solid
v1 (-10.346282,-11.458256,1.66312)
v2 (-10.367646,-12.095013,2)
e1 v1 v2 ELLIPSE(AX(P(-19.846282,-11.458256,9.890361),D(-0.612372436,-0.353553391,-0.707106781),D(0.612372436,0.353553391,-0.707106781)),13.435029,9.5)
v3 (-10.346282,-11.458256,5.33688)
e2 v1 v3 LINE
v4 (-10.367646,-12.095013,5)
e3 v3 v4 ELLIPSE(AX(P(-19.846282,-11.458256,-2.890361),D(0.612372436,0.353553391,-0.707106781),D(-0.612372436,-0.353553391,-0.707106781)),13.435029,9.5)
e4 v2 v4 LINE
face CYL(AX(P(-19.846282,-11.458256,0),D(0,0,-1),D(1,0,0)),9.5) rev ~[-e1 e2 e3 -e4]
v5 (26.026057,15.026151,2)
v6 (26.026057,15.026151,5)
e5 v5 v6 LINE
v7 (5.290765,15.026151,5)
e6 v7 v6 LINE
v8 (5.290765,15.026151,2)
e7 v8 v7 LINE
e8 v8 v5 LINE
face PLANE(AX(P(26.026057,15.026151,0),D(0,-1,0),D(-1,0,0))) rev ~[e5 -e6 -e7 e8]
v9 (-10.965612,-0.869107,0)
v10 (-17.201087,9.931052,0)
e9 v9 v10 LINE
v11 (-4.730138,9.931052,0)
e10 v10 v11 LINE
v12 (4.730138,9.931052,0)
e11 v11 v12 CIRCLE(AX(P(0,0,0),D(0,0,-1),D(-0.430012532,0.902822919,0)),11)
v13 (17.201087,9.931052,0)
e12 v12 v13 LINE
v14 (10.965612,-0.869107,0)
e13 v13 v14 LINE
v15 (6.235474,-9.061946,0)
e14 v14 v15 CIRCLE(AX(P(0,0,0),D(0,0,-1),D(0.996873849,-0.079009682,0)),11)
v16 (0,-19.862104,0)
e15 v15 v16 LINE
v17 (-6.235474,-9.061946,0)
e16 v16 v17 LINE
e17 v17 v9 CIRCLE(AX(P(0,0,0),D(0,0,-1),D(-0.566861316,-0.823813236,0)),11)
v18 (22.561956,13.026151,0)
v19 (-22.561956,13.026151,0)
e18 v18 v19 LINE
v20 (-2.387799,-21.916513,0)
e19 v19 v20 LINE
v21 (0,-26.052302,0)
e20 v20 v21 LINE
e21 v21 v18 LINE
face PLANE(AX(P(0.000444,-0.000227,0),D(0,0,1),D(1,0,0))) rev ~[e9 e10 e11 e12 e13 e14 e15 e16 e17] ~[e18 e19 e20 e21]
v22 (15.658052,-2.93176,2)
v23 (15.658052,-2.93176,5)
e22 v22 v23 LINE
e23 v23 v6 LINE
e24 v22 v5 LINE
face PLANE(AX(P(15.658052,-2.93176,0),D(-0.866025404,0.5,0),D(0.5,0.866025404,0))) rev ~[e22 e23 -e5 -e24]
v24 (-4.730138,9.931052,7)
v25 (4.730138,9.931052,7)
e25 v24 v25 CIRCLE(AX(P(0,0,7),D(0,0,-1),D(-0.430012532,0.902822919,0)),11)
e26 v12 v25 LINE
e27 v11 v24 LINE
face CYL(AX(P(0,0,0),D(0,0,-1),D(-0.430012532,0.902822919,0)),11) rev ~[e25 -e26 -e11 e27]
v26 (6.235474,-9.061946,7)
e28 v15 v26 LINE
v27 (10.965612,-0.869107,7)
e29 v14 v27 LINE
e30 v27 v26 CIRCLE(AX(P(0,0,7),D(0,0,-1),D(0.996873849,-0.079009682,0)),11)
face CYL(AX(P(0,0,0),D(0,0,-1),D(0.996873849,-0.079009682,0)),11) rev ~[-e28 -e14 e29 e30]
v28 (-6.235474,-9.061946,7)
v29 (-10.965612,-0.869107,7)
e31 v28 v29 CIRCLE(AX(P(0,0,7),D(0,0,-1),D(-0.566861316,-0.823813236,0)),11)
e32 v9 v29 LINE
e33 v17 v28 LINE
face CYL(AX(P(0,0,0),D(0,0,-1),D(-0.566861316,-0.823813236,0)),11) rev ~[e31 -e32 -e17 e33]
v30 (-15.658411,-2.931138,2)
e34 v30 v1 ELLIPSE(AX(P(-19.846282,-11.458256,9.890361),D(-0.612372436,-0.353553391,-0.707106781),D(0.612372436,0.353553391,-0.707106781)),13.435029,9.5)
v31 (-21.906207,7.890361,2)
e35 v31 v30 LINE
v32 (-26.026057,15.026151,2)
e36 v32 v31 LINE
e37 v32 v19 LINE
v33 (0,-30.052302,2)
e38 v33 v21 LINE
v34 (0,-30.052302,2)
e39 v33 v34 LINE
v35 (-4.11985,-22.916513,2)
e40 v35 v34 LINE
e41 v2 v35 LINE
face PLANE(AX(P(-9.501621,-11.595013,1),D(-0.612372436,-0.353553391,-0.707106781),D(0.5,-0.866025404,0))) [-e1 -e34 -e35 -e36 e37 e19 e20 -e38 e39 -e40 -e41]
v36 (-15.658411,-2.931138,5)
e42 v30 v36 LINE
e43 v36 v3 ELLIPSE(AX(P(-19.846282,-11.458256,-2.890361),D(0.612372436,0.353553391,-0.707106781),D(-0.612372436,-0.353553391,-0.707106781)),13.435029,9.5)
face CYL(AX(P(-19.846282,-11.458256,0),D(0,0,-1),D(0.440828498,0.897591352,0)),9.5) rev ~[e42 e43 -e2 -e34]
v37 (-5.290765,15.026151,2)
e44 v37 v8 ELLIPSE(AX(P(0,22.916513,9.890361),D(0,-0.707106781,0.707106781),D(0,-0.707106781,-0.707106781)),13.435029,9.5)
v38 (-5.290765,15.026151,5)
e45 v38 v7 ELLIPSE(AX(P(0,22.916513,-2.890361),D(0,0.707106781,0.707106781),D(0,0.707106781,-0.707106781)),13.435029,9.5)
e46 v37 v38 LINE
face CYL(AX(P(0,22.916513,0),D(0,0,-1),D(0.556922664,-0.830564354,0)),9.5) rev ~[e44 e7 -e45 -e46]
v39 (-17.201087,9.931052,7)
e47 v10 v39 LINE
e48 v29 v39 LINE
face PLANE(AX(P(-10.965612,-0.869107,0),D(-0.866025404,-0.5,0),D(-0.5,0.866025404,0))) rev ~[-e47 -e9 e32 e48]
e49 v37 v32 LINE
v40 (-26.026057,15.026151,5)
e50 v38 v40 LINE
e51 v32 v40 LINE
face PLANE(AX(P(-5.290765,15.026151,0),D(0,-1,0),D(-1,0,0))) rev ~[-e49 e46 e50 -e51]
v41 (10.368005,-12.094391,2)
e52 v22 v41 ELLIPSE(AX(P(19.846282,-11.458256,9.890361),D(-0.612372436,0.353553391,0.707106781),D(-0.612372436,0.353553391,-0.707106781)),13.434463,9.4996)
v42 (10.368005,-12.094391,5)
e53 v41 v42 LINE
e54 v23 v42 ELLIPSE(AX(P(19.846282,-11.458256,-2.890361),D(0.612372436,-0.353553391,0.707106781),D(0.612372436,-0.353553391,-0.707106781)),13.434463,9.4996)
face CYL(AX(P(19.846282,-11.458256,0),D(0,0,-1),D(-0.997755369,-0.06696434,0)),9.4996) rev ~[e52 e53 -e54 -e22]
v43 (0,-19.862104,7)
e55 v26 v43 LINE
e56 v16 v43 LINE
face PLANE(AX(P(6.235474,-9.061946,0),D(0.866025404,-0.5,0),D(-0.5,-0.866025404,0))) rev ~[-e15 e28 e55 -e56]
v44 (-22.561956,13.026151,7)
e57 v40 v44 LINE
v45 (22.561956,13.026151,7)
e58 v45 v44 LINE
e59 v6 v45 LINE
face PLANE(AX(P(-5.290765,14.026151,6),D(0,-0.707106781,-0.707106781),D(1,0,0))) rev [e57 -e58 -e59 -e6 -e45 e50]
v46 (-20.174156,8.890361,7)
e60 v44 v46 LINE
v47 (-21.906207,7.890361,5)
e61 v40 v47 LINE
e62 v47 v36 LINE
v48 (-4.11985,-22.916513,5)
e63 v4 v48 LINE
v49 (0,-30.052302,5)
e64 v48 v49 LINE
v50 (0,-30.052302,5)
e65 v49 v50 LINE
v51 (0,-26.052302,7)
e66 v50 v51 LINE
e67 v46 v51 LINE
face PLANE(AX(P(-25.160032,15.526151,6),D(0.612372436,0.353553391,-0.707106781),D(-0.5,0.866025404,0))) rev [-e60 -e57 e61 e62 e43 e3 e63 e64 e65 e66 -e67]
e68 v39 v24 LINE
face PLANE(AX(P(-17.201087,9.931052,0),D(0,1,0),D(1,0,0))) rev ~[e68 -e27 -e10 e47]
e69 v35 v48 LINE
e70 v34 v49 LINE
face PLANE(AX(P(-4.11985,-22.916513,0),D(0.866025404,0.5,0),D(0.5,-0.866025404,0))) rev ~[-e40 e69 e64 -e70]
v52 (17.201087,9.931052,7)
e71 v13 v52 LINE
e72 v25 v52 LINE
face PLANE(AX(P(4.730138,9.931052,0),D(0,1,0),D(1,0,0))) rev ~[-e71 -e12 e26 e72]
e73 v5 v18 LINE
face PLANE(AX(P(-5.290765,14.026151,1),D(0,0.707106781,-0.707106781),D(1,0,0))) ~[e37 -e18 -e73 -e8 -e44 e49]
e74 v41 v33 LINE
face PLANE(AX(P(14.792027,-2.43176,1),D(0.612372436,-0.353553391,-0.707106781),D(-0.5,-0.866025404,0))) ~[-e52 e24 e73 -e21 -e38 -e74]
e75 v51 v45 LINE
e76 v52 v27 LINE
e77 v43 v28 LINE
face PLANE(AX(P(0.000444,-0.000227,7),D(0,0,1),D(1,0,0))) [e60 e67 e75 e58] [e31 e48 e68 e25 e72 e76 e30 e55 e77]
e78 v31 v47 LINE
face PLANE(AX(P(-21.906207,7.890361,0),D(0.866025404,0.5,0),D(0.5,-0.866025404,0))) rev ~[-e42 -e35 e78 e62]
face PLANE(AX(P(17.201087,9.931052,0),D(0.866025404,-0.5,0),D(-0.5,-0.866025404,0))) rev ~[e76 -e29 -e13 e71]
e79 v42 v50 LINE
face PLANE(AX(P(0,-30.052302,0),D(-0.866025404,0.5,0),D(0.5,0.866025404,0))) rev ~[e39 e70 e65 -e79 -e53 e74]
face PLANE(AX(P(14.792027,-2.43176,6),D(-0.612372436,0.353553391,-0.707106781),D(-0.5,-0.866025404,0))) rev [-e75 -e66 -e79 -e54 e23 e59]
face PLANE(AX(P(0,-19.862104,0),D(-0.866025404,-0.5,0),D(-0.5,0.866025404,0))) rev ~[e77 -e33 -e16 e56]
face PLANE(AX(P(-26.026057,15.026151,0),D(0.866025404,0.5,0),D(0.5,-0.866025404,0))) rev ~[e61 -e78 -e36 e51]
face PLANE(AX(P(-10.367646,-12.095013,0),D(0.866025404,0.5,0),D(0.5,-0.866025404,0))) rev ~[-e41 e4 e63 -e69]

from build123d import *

# Parameters (mm, degrees)
F1_DEPTH = 7
F2_SIZE  = 2


with BuildPart() as f1:
    # F0 (on Top) → F1 (new body)
    with BuildSketch(Plane.XY):
        with BuildLine():
            Line((-5.2907653123, 15.0261512026), (-17.7863569535, 15.0261512026))
            Line((-17.7863569535, 15.0261512026), (-21.9062071393, 7.8903613612))
            Line((-21.9062071393, 7.8903613612), (-15.6584113187, -2.9311384354))
            ThreePointArc((-15.6584113187, -2.9311384354), (-11.782946139, -6.4350487366), (-10.3462820464, -11.4582562819))
            ThreePointArc((-10.3462820464, -11.4582562819), (-10.3516245386, -11.7768136709), (-10.3676460064, -12.0950127672))
            Line((-10.3676460064, -12.0950127672), (-4.1198501858, -22.9165125638))
            Line((-4.1198501858, -22.9165125638), (4.1198501858, -22.9165125638))
            Line((4.1198501858, -22.9165125638), (10.3680051395, -12.0943907304))
            ThreePointArc((10.3680051395, -12.0943907304), (11.6193871206, -6.7084562819), (15.6580521856, -2.9317604722))
            Line((15.6580521856, -2.9317604722), (21.9062071393, 7.8903613612))
            Line((21.9062071393, 7.8903613612), (17.7863569535, 15.0261512026))
            Line((17.7863569535, 15.0261512026), (5.2907653123, 15.0261512026))
            ThreePointArc((5.2907653123, 15.0261512026), (0, 13.4165125638), (-5.2907653123, 15.0261512026))
        make_face()
        with BuildLine():
            ThreePointArc((-4.7301378537, 9.9310521036), (0, 11), (4.7301378537, 9.9310521036))
            Line((4.7301378537, 9.9310521036), (17.2010868161, 9.9310521036))
            Line((17.2010868161, 9.9310521036), (10.9656123349, -0.8691065071))
            ThreePointArc((10.9656123349, -0.8691065071), (9.5262794416, -5.5), (6.2354744812, -9.0619455965))
            Line((6.2354744812, -9.0619455965), (0, -19.8621042073))
            Line((0, -19.8621042073), (-6.2354744812, -9.0619455965))
            ThreePointArc((-6.2354744812, -9.0619455965), (-9.5262794416, -5.5), (-10.9656123349, -0.8691065071))
            Line((-10.9656123349, -0.8691065071), (-17.2010868161, 9.9310521036))
            Line((-17.2010868161, 9.9310521036), (-4.7301378537, 9.9310521036))
        make_face(mode=Mode.SUBTRACT)
        Polygon((-17.7863569535, 15.0261512026), (-26.0260573251, 15.0261512026), (-21.9062071393, 7.8903613612), align=None)
        Polygon((26.0260573251, 15.0261512026), (17.7863569535, 15.0261512026), (21.9062071393, 7.8903613612), align=None)
        Polygon((4.1198501858, -22.9165125638), (-4.1198501858, -22.9165125638), (0, -30.0523024052), align=None)
    extrude(amount=F1_DEPTH)

    # F2 (call 1 of 5: OpenCascade refuses the feature's edges together)
    f2_edges = [f1.edges().sort_by_distance(p)[0] for p in [
        (-20.842234, 6.047506, 7),
        (-15.658411, 15.026151, 7),
    ]]
    chamfer(f2_edges, length=F2_SIZE)

    # F2#2 (call 2 of 5)
    f2_2_edges = [f1.edges().sort_by_distance(p)[0] for p in [
        (-5.183823, -21.073658, 0),
    ]]
    chamfer(f2_2_edges, length=F2_SIZE)

    # F2#3 (call 3 of 5)
    f2_3_edges = [f1.edges().sort_by_distance(p)[0] for p in [
        (-15.658411, 15.026151, 0),
    ]]
    chamfer(f2_3_edges, length=F2_SIZE)

    # F2#4 (call 4 of 5)
    f2_4_edges = [f1.edges().sort_by_distance(p)[0] for p in [
        (20.842055, 6.047195, 7),
    ]]
    chamfer(f2_4_edges, length=F2_SIZE)

    # F2#5 (call 5 of 5)
    f2_5_edges = [f1.edges().sort_by_distance(p)[0] for p in [
        (20.842055, 6.047195, 0),
    ]]
    chamfer(f2_5_edges, length=F2_SIZE)


solid = f1.part
